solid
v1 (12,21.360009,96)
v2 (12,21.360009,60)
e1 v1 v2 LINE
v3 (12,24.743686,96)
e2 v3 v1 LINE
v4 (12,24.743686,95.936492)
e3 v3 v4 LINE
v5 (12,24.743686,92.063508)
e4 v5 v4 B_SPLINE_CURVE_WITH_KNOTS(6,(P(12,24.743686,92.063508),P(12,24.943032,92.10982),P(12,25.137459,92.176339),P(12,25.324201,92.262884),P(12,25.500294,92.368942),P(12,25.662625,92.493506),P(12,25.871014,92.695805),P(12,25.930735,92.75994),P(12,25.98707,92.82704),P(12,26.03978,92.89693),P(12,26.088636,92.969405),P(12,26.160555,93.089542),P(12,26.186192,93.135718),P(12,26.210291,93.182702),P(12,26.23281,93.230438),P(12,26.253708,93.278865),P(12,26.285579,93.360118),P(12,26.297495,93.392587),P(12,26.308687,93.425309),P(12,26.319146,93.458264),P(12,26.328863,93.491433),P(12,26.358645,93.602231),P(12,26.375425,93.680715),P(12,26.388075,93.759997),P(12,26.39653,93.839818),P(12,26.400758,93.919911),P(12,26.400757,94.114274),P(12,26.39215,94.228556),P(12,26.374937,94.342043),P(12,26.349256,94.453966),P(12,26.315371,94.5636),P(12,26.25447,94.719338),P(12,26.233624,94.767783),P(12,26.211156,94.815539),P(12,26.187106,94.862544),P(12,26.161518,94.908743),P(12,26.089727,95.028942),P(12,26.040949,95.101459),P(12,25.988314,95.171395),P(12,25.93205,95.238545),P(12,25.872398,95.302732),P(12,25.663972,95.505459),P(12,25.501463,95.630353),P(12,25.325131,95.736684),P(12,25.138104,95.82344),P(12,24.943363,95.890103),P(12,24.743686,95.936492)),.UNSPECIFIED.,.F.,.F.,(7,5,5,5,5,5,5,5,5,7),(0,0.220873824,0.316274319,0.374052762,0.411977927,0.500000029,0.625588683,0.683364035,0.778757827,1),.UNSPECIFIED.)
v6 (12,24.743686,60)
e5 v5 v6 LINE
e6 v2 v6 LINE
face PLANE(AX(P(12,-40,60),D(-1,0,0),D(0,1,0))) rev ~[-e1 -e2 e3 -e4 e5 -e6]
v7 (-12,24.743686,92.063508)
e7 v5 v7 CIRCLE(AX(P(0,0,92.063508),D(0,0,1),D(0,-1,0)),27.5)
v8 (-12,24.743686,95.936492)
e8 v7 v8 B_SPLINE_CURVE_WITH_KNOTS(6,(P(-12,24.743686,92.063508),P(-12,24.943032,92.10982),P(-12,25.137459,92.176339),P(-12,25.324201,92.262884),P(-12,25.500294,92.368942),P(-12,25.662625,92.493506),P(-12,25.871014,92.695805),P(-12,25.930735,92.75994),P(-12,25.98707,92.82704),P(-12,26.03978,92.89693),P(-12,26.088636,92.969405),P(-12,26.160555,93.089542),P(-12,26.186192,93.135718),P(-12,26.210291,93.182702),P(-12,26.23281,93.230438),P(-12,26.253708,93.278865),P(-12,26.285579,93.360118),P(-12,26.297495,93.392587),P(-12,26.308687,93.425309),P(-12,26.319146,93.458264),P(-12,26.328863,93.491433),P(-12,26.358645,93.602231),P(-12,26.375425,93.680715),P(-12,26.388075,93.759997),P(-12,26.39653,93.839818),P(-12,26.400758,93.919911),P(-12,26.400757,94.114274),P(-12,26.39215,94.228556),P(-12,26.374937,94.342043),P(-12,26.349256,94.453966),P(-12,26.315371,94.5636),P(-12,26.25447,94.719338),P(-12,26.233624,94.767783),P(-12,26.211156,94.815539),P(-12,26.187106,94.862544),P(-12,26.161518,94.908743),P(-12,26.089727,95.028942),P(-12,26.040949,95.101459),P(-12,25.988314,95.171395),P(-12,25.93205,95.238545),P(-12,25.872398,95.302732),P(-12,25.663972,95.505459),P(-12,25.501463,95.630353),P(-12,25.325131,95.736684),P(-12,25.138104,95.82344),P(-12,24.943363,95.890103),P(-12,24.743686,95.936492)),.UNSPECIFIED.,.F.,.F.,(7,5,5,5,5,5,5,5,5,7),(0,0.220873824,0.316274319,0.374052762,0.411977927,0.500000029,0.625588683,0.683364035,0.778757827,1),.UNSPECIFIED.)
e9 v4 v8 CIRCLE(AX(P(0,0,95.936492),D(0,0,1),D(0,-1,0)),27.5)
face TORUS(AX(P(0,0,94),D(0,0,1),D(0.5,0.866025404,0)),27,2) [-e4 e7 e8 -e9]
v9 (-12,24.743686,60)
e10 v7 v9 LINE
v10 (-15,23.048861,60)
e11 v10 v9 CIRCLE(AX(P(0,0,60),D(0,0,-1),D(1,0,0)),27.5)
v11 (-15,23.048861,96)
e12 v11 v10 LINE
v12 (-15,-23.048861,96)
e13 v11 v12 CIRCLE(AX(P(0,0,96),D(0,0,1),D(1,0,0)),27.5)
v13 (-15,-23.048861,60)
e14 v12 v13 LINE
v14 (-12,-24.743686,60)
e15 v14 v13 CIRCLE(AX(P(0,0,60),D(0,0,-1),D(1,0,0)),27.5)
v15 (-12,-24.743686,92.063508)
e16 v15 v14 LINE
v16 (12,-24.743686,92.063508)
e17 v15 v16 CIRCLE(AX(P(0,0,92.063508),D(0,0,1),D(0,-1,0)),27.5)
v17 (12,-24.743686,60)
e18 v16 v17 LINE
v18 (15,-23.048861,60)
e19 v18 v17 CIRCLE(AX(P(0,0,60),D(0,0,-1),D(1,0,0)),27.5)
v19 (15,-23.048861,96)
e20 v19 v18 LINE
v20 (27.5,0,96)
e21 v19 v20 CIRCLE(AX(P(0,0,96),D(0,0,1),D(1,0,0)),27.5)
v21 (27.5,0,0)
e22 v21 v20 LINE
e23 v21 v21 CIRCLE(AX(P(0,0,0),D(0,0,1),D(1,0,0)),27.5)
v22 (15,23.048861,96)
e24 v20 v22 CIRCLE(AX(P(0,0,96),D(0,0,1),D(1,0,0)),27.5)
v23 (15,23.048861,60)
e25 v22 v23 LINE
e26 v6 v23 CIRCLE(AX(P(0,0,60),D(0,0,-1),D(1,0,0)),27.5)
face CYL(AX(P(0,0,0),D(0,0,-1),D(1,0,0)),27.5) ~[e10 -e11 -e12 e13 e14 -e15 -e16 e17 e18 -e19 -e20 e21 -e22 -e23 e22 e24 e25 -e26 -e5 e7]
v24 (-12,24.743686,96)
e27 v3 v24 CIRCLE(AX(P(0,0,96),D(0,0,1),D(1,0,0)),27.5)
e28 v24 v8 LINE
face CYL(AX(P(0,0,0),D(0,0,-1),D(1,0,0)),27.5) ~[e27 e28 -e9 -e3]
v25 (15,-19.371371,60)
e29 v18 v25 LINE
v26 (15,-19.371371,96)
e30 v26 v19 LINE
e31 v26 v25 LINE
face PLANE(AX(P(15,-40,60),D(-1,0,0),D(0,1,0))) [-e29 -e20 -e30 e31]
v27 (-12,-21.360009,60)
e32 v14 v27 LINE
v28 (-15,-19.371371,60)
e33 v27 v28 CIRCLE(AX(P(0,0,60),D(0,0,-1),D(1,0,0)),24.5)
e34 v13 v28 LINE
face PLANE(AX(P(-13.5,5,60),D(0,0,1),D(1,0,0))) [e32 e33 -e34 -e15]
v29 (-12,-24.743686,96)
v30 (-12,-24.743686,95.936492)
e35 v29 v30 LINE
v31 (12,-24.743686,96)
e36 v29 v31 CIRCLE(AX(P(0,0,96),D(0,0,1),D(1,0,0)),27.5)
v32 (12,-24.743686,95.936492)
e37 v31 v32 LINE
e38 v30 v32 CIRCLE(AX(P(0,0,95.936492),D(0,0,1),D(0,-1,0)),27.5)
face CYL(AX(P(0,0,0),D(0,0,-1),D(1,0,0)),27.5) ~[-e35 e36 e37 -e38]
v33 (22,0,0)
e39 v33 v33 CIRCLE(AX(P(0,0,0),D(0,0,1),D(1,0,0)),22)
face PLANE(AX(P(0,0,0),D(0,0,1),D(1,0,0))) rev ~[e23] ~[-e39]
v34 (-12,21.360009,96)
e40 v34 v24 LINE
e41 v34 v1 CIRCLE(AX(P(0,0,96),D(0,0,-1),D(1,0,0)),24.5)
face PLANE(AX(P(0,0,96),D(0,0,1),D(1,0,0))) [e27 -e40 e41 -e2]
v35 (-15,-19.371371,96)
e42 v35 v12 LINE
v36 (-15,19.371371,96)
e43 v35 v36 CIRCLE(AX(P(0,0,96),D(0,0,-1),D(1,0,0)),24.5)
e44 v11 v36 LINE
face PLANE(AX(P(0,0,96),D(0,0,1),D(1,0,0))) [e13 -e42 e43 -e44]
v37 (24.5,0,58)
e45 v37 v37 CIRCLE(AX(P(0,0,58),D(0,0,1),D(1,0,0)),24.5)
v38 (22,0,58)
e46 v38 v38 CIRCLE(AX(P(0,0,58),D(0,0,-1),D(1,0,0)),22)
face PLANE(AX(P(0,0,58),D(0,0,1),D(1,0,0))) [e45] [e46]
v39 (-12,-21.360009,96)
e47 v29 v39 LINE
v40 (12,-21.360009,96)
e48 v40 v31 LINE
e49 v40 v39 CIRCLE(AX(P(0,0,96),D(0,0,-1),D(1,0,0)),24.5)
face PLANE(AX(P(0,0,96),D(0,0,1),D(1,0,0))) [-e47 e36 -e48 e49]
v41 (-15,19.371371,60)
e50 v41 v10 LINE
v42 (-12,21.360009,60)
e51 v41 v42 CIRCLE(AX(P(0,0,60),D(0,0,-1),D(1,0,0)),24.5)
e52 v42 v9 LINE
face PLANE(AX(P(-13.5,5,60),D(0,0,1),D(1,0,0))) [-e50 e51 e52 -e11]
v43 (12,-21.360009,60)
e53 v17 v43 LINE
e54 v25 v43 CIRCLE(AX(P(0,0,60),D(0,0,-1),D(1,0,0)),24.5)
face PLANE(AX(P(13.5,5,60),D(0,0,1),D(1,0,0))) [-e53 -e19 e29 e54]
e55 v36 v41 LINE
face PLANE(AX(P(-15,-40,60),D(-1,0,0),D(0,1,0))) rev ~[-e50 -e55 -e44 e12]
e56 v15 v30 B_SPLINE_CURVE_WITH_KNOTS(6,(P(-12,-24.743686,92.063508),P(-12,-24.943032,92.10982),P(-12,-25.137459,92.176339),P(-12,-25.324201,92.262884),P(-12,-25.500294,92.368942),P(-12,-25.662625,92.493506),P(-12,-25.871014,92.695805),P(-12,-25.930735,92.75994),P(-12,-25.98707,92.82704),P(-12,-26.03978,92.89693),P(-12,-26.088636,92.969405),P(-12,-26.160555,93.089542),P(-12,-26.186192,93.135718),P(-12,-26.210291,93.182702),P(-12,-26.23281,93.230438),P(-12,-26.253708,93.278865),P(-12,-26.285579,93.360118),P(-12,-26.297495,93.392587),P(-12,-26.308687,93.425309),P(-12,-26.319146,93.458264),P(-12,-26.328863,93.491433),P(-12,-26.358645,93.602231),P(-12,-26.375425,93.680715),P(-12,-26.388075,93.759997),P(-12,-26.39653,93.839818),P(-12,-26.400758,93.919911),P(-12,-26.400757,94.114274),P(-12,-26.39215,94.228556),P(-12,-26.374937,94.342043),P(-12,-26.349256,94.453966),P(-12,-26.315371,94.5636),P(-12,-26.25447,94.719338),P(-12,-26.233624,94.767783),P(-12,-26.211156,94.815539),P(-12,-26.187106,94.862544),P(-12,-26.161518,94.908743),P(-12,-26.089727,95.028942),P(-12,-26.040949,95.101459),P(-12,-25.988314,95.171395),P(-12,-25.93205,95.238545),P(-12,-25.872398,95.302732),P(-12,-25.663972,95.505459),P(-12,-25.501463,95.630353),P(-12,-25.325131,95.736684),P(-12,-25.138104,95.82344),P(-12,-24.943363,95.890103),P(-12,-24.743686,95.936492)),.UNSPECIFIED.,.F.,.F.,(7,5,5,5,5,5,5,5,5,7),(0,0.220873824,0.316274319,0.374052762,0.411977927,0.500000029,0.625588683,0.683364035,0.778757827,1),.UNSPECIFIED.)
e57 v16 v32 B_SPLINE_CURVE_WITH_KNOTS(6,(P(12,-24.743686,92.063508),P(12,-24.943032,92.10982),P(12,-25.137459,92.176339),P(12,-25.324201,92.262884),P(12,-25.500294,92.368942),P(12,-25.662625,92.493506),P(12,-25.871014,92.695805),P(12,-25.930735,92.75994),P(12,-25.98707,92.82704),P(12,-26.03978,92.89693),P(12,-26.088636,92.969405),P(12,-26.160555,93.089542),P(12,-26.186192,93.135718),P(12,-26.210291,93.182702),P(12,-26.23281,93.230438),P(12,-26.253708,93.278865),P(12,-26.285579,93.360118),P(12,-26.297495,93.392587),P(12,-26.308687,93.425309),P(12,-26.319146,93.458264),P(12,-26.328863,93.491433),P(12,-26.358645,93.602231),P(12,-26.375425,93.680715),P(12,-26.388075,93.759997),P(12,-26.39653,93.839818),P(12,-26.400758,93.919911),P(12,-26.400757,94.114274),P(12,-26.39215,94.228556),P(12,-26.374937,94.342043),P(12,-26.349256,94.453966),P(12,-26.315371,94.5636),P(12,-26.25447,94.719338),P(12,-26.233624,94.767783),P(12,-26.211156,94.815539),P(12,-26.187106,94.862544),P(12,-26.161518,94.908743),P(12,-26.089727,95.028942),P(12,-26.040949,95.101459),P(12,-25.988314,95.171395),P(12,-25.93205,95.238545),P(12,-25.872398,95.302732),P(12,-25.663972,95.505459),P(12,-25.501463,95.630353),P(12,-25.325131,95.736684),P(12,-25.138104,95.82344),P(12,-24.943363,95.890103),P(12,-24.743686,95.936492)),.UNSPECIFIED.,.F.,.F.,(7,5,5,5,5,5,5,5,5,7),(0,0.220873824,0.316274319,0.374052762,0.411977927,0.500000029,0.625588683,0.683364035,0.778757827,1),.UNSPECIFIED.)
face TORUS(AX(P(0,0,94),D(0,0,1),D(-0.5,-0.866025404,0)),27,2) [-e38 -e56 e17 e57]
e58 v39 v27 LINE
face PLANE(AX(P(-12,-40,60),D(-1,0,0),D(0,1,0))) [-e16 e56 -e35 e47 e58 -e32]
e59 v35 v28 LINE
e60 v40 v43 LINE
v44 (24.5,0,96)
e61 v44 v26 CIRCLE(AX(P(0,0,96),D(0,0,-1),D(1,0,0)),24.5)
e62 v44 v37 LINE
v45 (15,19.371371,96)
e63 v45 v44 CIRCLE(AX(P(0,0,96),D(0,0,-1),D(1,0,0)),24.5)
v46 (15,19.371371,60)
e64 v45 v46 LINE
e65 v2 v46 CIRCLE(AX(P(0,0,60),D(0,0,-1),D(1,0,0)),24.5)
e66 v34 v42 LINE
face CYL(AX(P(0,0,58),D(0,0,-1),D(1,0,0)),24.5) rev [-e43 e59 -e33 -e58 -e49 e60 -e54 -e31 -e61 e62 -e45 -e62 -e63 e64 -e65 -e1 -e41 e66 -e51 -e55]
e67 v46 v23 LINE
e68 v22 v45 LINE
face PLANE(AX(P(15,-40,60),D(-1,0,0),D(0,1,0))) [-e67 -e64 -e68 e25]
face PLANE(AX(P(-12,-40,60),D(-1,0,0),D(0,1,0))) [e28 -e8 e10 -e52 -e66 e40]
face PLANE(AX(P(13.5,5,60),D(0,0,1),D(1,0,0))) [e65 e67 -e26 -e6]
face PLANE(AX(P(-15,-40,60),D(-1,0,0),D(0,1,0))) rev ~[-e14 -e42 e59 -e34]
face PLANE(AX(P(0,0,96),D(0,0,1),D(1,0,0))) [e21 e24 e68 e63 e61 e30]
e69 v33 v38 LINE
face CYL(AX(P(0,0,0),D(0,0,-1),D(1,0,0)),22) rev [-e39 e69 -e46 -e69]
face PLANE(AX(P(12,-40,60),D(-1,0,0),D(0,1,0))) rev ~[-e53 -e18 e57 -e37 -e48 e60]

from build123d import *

# Parameters (mm, degrees)
BOX_W                    = 3
BOX_H                    = 90
BOX_DEPTH                = 40
BOX001_W                 = 3
BOX001_H                 = 90
BOX001_DEPTH             = 40
TORUS_R                  = 2
TORUS_ANGLE              = 60
TORUS_PLACEMENT_ANGLE    = 60
TORUS001_R               = 2
TORUS001_ANGLE           = 60
TORUS001_PLACEMENT_ANGLE = 240
CYLINDER001_R            = 24.5
CYLINDER001_DEPTH        = 55
CYLINDER002_R            = 24.5
CYLINDER002_DEPTH        = 60
CYLINDER008_R            = 22
CYLINDER008_DEPTH        = 90
CYLINDER_R               = 27.5
CYLINDER_DEPTH           = 96


with BuildPart() as cube:
    # Box → Box (new body)
    with BuildSketch(Plane(origin=(12, -40, 60), x_dir=(1, 0, 0), z_dir=(0, 0, 1))):
        with Locations((1.5, 45)):
            Rectangle(BOX_W, BOX_H)
    extrude(amount=BOX_DEPTH)


with BuildPart() as fusion002:
    # Box001 → Box001 (new body)
    with BuildSketch(Plane(origin=(-15, -40, 60), x_dir=(1, 0, 0), z_dir=(0, 0, 1))):
        with Locations((1.5, 45)):
            Rectangle(BOX001_W, BOX001_H)
    extrude(amount=BOX001_DEPTH)

    # Fusion002: union Cube
    add(cube.part)


with BuildPart() as torus:
    # Torus → Torus (revolve)
    with BuildSketch(Plane.XZ):
        with Locations((27, 0)):
            Circle(TORUS_R)
    revolve(axis=Axis((0, 0, 0), (0, 0, 1)), revolution_arc=TORUS_ANGLE)


with BuildPart() as torus_1:
    # Torus placement: moved
    add(torus.part.moved(Location((0, 0, 94))).rotate(Axis((0, 0, 94), (0, 0, 1)), TORUS_PLACEMENT_ANGLE))


with BuildPart() as torus001:
    # Torus001 → Torus001 (revolve)
    with BuildSketch(Plane.XZ):
        with Locations((27, 0)):
            Circle(TORUS001_R)
    revolve(axis=Axis((0, 0, 0), (0, 0, 1)), revolution_arc=TORUS001_ANGLE)


with BuildPart() as torus001_1:
    # Torus001 placement: moved
    add(torus001.part.moved(Location((0, 0, 94))).rotate(Axis((0, 0, 94), (0, 0, 1)), TORUS001_PLACEMENT_ANGLE))


with BuildPart() as cylinder001:
    # Cylinder001 → Cylinder001 (new body)
    with BuildSketch(Plane.XY.offset(58)):
        Circle(CYLINDER001_R)
    extrude(amount=CYLINDER001_DEPTH)


with BuildPart() as fusion:
    # Cylinder002 → Cylinder002 (new body)
    with BuildSketch(Plane.XY.offset(58)):
        Circle(CYLINDER002_R)
    extrude(amount=CYLINDER002_DEPTH)

    # Fusion: union Cylinder001
    add(cylinder001.part)


with BuildPart() as cylinder008:
    # Cylinder008 → Cylinder008 (new body)
    with BuildSketch(Plane.XY):
        Circle(CYLINDER008_R)
    extrude(amount=CYLINDER008_DEPTH)


with BuildPart() as main_bit:
    # Cylinder → Cylinder (new body)
    with BuildSketch(Plane.XY):
        Circle(CYLINDER_R)
    extrude(amount=CYLINDER_DEPTH)

    # Cut: cut Cylinder008
    add(cylinder008.part, mode=Mode.SUBTRACT)

    # Cut004: cut Fusion
    add(fusion.part, mode=Mode.SUBTRACT)

    # Fusion001: union Torus, Torus001
    add(torus_1.part)
    add(torus001_1.part)

    # Cut007: cut Fusion002
    add(fusion002.part, mode=Mode.SUBTRACT)


solid = main_bit.part
